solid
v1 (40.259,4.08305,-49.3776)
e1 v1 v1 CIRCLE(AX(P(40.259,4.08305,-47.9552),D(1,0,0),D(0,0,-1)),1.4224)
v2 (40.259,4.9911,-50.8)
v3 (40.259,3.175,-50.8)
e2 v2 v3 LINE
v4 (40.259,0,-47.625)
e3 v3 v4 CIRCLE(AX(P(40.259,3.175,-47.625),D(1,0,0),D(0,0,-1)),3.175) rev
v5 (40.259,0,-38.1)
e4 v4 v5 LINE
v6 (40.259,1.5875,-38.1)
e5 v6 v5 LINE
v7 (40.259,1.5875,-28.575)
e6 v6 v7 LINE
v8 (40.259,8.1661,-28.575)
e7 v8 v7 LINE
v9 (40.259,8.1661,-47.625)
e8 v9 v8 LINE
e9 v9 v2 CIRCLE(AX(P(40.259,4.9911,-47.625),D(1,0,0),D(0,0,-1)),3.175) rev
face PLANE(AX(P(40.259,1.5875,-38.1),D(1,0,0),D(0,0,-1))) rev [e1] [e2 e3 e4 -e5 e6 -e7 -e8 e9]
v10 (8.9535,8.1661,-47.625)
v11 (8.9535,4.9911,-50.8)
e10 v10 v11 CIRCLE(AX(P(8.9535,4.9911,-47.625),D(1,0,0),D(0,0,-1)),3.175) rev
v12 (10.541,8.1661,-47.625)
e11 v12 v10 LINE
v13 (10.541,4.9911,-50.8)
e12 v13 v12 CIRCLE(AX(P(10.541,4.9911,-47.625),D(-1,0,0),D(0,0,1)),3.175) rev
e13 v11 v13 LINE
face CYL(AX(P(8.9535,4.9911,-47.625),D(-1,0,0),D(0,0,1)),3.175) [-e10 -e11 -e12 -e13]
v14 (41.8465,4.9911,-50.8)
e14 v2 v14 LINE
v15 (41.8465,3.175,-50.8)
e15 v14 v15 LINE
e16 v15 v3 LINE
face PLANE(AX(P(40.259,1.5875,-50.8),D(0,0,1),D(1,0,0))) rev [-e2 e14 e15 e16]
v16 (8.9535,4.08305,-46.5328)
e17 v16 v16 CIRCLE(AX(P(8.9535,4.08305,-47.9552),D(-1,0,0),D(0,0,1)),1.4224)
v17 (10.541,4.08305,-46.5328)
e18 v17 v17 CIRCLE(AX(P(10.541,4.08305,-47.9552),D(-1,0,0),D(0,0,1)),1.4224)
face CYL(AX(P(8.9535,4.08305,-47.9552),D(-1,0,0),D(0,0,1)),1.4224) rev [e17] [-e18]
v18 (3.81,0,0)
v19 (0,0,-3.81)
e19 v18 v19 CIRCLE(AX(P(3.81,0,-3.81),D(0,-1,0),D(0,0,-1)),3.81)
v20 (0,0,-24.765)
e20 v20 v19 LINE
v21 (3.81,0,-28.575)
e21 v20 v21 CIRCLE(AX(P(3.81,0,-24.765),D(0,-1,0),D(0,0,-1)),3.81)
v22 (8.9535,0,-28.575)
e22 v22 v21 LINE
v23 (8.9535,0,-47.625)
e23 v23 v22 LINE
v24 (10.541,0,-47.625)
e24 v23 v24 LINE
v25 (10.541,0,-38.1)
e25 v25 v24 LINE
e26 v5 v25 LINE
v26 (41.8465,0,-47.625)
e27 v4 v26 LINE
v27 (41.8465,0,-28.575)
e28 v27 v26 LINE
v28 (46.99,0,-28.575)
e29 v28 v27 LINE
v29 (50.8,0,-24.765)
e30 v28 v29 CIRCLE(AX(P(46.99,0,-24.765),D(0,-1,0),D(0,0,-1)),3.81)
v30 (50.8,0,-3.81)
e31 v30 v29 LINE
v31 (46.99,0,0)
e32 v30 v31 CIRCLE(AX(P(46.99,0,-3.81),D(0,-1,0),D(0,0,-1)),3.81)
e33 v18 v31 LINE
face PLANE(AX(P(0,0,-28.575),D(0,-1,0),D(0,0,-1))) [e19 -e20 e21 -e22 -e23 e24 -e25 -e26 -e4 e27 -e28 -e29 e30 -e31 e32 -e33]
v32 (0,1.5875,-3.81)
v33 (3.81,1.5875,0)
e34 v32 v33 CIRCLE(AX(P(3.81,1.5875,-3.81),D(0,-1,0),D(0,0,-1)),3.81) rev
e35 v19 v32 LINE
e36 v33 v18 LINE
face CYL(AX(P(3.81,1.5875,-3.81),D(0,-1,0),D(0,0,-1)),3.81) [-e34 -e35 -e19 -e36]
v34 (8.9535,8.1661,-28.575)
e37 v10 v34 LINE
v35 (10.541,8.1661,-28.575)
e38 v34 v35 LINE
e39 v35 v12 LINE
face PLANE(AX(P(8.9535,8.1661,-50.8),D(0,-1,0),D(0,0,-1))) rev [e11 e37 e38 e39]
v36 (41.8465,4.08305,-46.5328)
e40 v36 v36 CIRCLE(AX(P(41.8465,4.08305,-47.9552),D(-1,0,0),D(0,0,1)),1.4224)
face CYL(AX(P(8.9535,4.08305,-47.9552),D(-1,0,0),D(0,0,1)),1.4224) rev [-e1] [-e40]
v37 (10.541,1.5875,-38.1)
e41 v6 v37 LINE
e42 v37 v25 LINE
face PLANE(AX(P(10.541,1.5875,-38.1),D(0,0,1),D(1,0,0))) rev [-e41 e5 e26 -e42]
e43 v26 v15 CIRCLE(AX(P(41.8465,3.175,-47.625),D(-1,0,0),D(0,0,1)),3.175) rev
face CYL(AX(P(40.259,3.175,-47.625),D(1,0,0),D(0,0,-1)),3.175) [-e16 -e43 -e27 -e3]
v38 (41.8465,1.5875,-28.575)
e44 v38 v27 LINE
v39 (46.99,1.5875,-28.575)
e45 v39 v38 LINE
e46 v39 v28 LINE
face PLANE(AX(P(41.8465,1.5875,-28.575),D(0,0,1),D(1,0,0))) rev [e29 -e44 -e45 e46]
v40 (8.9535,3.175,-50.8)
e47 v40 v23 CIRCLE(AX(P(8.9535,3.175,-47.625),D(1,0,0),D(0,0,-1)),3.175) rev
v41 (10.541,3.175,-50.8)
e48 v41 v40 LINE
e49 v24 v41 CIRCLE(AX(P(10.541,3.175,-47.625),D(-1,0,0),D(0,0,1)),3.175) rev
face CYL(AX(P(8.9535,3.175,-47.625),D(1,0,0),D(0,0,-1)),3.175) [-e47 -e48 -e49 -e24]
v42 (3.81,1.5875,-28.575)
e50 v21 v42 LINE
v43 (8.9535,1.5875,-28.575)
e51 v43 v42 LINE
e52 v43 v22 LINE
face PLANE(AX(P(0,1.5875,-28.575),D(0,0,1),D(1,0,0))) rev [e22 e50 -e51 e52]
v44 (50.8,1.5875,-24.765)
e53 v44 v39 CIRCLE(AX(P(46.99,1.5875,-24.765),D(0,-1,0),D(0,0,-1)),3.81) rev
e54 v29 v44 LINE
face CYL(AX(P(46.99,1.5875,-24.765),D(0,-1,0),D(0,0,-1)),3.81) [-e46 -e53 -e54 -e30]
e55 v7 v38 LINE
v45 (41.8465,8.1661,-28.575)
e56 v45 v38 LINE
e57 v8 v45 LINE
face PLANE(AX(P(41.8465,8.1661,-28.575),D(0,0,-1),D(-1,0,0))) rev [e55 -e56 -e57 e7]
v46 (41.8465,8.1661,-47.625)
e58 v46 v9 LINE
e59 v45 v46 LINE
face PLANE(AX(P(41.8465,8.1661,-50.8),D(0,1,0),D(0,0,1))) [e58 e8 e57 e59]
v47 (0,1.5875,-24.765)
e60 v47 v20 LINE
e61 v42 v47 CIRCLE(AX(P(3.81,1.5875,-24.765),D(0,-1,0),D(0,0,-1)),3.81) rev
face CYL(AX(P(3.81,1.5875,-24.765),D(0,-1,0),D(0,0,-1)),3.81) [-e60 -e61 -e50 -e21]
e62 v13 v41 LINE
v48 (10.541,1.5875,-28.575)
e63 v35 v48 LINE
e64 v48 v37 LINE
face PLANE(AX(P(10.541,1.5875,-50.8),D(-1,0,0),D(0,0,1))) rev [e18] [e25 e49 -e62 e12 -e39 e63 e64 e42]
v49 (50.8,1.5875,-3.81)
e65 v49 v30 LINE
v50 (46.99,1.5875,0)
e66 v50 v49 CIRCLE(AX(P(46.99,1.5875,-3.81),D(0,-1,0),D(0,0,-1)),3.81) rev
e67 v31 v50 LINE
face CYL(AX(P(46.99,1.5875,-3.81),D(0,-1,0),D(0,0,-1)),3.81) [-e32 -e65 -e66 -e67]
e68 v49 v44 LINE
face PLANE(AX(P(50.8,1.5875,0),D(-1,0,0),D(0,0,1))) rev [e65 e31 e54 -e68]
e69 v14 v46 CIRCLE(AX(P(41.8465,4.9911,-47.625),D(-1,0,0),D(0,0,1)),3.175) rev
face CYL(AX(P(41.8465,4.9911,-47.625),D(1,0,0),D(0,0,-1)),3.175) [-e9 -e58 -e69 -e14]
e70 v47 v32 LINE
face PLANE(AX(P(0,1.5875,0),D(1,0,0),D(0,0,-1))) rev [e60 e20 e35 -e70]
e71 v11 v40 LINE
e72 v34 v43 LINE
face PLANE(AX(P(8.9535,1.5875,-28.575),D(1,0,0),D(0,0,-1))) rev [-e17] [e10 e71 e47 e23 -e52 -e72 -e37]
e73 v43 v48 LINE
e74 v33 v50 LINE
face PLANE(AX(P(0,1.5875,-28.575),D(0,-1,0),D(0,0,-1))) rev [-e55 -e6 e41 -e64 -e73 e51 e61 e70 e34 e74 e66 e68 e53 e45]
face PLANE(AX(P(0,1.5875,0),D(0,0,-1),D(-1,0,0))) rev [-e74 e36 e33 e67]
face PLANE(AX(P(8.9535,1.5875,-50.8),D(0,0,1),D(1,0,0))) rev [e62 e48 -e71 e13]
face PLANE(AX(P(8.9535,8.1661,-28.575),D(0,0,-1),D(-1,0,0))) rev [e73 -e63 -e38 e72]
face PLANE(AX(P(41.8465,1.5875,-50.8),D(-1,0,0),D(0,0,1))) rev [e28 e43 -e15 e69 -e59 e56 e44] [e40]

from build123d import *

# Parameters (mm, degrees)
BOSS_EXTRUDE1_DEPTH = 1.5875
SKETCH2_W           = 1.5875
SKETCH2_H           = 22.225
BOSS_EXTRUDE2_DEPTH = 6.5786
FILLET1_R           = 3.175
FILLET2_R           = 3.81
HOLE1_D             = 2.8448


with BuildPart() as part:
    # Sketch1 → Boss-Extrude1 (new body)
    with BuildSketch(Plane(origin=(0, 0, 0), x_dir=(1, 0, 0), z_dir=(0, 1, 0))):
        Polygon((8.9535, 28.575), (8.9535, 50.8), (10.541, 50.8), (10.541, 38.1), (40.259, 38.1), (40.259, 50.8), (41.8465, 50.8), (41.8465, 28.575), (50.8, 28.575), (50.8, 0), (0, 0), (0, 28.575), align=None)
    extrude(amount=BOSS_EXTRUDE1_DEPTH)

    # Sketch2 → Boss-Extrude2 (add)
    with BuildSketch(Plane(origin=(0, 1.5875, 0), x_dir=(1, 0, 0), z_dir=(0, 1, 0))):
        with Locations((9.74725, 39.6875)):
            Rectangle(SKETCH2_W, SKETCH2_H)
        with Locations((41.05275, 39.6875)):
            Rectangle(SKETCH2_W, SKETCH2_H)
    extrude(amount=BOSS_EXTRUDE2_DEPTH)

    # Fillet1
    fillet1_edges = [part.edges().sort_by_distance(p)[0] for p in [
        (9.74725, 0, -50.8),
        (41.05275, 0, -50.8),
        (9.74725, 8.1661, -50.8),
        (41.05275, 8.1661, -50.8),
    ]]
    fillet(fillet1_edges, radius=FILLET1_R)

    # Fillet2
    fillet2_edges = [part.edges().sort_by_distance(p)[0] for p in [
        (0, 0.79375, -28.575),
        (50.8, 0.79375, -28.575),
        (50.8, 0.79375, 0),
        (0, 0.79375, 0),
    ]]
    fillet(fillet2_edges, radius=FILLET2_R)

    # Hole1 (through all)
    with Locations(Plane.ZY.offset(-8.9535)):
        with Locations((-47.9552, 4.08305)):
            Hole(HOLE1_D / 2)


solid = part.part
